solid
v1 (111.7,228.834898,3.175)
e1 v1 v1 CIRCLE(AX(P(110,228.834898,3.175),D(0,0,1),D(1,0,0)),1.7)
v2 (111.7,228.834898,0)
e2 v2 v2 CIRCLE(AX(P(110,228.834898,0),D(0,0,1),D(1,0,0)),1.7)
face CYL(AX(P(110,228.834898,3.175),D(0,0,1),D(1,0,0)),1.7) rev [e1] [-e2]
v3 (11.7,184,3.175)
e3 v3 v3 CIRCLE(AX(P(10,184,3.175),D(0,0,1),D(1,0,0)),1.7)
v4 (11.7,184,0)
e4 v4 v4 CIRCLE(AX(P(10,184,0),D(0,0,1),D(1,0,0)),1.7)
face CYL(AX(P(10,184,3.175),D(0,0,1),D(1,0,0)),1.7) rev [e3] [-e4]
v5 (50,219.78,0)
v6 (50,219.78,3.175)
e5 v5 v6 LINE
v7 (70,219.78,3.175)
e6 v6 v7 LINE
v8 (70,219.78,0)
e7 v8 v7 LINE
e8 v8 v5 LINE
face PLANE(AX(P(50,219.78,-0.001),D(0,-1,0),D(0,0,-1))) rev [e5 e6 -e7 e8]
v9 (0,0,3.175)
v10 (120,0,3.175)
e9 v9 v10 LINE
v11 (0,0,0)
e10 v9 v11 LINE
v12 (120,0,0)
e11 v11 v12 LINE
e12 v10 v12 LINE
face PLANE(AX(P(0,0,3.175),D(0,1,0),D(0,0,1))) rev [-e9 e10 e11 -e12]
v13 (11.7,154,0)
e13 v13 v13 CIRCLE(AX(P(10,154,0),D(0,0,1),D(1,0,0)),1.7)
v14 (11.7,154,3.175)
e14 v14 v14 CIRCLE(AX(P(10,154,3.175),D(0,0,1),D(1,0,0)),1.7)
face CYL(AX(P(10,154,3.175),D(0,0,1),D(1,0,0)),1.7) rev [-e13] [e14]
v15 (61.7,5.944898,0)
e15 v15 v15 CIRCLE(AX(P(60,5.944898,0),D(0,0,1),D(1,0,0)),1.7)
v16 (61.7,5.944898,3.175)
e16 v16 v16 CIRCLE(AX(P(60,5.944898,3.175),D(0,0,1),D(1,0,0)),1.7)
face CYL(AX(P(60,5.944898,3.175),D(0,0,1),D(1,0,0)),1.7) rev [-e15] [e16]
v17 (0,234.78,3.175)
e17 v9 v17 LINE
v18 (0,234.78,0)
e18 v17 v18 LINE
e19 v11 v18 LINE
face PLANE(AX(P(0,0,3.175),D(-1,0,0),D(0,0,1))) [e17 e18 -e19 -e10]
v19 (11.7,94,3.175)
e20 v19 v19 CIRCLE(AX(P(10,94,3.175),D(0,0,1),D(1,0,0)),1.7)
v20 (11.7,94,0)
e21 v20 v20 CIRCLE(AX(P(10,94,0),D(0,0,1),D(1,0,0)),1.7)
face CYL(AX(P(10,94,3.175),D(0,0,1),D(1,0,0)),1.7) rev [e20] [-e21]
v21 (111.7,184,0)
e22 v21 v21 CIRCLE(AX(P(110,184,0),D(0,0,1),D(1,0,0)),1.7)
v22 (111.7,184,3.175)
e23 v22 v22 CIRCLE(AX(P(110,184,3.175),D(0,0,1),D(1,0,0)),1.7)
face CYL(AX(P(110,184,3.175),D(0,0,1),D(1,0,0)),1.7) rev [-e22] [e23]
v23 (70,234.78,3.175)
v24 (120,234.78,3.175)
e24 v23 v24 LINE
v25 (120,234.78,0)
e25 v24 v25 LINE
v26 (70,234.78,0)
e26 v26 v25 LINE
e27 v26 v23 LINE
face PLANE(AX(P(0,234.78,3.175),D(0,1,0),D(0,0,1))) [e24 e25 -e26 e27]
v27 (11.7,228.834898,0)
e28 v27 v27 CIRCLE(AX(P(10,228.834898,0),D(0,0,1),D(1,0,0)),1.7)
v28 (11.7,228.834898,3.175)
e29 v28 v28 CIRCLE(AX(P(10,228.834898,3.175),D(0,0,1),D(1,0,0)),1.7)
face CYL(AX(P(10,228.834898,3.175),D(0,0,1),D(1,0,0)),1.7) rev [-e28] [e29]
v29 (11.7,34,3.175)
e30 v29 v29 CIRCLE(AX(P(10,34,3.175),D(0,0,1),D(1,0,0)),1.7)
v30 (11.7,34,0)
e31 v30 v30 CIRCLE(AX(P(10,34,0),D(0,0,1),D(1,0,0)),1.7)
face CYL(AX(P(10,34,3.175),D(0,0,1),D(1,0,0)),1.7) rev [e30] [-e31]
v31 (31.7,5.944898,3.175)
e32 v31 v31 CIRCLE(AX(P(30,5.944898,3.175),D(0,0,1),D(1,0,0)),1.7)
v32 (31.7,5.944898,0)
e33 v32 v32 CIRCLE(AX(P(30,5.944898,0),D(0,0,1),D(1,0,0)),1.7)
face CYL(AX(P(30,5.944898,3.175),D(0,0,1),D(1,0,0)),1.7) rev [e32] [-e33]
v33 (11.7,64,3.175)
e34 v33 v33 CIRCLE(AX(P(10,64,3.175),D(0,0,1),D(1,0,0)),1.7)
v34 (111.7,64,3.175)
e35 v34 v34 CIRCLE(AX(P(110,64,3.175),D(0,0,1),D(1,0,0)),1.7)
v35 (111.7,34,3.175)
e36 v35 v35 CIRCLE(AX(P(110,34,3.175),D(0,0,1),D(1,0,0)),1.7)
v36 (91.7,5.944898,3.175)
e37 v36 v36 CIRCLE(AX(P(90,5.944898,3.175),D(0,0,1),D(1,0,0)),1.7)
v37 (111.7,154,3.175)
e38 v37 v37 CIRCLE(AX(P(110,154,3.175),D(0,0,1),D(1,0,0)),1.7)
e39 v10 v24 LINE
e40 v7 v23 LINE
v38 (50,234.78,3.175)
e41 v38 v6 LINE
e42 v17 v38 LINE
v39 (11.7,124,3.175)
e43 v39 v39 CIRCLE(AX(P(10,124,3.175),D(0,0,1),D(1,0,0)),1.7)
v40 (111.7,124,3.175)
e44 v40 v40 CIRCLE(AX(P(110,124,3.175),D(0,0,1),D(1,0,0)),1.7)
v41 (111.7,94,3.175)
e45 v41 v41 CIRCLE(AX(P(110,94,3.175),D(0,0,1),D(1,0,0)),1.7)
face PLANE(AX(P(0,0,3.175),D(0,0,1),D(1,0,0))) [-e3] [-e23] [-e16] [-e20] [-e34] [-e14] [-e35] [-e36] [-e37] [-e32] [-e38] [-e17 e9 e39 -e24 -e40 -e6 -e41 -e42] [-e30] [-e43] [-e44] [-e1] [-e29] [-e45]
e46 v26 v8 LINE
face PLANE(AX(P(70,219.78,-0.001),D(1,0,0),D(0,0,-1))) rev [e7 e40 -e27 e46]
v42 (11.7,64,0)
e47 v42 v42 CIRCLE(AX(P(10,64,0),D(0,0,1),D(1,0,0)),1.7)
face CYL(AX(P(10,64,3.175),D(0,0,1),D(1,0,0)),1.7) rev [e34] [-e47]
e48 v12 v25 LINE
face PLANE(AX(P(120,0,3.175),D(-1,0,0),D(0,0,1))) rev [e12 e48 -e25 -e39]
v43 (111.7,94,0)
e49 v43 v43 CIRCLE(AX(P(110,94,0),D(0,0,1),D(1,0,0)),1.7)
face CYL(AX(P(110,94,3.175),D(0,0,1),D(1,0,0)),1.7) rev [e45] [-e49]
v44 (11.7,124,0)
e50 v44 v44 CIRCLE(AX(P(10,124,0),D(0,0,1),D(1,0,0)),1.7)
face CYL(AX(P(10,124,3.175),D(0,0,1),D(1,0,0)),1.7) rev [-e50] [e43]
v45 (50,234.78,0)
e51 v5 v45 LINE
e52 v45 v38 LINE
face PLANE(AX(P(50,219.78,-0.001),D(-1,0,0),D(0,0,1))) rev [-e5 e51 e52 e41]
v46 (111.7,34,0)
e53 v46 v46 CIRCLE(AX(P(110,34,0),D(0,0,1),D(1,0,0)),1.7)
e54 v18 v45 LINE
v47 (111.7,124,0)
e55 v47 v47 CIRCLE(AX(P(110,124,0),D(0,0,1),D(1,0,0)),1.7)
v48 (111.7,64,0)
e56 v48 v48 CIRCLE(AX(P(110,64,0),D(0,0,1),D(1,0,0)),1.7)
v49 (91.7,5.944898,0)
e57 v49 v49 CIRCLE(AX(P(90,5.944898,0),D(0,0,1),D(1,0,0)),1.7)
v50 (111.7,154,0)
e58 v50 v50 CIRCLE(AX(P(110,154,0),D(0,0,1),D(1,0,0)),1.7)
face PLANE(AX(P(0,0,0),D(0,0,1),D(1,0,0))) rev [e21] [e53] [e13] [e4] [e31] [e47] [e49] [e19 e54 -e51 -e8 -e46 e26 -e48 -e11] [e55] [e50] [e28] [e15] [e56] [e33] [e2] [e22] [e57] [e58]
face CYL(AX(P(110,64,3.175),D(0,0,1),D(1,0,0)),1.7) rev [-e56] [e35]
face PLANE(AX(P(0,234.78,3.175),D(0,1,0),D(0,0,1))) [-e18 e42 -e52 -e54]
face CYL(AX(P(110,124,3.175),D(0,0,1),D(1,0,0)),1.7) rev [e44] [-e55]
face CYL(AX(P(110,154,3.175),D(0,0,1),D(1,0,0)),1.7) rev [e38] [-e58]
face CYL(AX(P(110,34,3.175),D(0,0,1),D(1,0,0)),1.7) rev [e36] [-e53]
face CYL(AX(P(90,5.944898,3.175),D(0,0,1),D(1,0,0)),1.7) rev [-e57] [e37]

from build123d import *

# Parameters (mm, degrees)
SKETCH1_W                       = 120
SKETCH1_H                       = 234.78
BOSS_EXTRUDE1_DEPTH             = 3.175
CUT_EXTRUDE1_REACH              = 5.175
SKETCH2_W                       = 20
SKETCH2_H                       = 15
TAP_DRILL_FOR_M3X0_5_TAP1_D     = 3.4
TAP_DRILL_FOR_M3X0_5_TAP1_DEPTH = 3.18


with BuildPart() as part:
    # Sketch1 → Boss-Extrude1 (new body)
    with BuildSketch(Plane.XY):
        with Locations((60, 117.39)):
            Rectangle(SKETCH1_W, SKETCH1_H)
    extrude(amount=BOSS_EXTRUDE1_DEPTH)

    # Sketch2 → Cut-Extrude1 (cut, up to next)
    with BuildSketch(Plane.XY.offset(3.175), mode=Mode.PRIVATE) as cut_extrude1_sk1:
        with Locations((60, 227.28)):
            Rectangle(SKETCH2_W, SKETCH2_H)
    cut_extrude1_tool1 = extrude(cut_extrude1_sk1.sketch, amount=-CUT_EXTRUDE1_REACH, mode=Mode.PRIVATE) & part.part
    add(cut_extrude1_tool1.solids().sort_by_distance((60, 227.28, 3.175))[0], mode=Mode.SUBTRACT)

    # Tap Drill for M3x0.5 Tap1
    with Locations(Plane(origin=(42.952239605, 18.521605689, 3.175), x_dir=(-1, 0, 0), z_dir=(0, 0, 1))):
        with Locations((32.952239605, -210.31329226), (32.952239605, -165.478394311), (32.952239605, -105.478394311), (32.952239605, -75.478394311), (32.952239605, -45.478394311), (32.952239605, -15.478394311), (-67.047760395, -210.31329226), (32.952239605, -135.478394311), (12.952239605, 12.57670774), (-17.047760395, 12.57670774), (-47.047760395, 12.57670774), (-67.047760395, -165.478394311), (-67.047760395, -135.478394311), (-67.047760395, -105.478394311), (-67.047760395, -75.478394311), (-67.047760395, -45.478394311), (-67.047760395, -15.478394311)):
            Hole(TAP_DRILL_FOR_M3X0_5_TAP1_D / 2, depth=TAP_DRILL_FOR_M3X0_5_TAP1_DEPTH)


solid = part.part
